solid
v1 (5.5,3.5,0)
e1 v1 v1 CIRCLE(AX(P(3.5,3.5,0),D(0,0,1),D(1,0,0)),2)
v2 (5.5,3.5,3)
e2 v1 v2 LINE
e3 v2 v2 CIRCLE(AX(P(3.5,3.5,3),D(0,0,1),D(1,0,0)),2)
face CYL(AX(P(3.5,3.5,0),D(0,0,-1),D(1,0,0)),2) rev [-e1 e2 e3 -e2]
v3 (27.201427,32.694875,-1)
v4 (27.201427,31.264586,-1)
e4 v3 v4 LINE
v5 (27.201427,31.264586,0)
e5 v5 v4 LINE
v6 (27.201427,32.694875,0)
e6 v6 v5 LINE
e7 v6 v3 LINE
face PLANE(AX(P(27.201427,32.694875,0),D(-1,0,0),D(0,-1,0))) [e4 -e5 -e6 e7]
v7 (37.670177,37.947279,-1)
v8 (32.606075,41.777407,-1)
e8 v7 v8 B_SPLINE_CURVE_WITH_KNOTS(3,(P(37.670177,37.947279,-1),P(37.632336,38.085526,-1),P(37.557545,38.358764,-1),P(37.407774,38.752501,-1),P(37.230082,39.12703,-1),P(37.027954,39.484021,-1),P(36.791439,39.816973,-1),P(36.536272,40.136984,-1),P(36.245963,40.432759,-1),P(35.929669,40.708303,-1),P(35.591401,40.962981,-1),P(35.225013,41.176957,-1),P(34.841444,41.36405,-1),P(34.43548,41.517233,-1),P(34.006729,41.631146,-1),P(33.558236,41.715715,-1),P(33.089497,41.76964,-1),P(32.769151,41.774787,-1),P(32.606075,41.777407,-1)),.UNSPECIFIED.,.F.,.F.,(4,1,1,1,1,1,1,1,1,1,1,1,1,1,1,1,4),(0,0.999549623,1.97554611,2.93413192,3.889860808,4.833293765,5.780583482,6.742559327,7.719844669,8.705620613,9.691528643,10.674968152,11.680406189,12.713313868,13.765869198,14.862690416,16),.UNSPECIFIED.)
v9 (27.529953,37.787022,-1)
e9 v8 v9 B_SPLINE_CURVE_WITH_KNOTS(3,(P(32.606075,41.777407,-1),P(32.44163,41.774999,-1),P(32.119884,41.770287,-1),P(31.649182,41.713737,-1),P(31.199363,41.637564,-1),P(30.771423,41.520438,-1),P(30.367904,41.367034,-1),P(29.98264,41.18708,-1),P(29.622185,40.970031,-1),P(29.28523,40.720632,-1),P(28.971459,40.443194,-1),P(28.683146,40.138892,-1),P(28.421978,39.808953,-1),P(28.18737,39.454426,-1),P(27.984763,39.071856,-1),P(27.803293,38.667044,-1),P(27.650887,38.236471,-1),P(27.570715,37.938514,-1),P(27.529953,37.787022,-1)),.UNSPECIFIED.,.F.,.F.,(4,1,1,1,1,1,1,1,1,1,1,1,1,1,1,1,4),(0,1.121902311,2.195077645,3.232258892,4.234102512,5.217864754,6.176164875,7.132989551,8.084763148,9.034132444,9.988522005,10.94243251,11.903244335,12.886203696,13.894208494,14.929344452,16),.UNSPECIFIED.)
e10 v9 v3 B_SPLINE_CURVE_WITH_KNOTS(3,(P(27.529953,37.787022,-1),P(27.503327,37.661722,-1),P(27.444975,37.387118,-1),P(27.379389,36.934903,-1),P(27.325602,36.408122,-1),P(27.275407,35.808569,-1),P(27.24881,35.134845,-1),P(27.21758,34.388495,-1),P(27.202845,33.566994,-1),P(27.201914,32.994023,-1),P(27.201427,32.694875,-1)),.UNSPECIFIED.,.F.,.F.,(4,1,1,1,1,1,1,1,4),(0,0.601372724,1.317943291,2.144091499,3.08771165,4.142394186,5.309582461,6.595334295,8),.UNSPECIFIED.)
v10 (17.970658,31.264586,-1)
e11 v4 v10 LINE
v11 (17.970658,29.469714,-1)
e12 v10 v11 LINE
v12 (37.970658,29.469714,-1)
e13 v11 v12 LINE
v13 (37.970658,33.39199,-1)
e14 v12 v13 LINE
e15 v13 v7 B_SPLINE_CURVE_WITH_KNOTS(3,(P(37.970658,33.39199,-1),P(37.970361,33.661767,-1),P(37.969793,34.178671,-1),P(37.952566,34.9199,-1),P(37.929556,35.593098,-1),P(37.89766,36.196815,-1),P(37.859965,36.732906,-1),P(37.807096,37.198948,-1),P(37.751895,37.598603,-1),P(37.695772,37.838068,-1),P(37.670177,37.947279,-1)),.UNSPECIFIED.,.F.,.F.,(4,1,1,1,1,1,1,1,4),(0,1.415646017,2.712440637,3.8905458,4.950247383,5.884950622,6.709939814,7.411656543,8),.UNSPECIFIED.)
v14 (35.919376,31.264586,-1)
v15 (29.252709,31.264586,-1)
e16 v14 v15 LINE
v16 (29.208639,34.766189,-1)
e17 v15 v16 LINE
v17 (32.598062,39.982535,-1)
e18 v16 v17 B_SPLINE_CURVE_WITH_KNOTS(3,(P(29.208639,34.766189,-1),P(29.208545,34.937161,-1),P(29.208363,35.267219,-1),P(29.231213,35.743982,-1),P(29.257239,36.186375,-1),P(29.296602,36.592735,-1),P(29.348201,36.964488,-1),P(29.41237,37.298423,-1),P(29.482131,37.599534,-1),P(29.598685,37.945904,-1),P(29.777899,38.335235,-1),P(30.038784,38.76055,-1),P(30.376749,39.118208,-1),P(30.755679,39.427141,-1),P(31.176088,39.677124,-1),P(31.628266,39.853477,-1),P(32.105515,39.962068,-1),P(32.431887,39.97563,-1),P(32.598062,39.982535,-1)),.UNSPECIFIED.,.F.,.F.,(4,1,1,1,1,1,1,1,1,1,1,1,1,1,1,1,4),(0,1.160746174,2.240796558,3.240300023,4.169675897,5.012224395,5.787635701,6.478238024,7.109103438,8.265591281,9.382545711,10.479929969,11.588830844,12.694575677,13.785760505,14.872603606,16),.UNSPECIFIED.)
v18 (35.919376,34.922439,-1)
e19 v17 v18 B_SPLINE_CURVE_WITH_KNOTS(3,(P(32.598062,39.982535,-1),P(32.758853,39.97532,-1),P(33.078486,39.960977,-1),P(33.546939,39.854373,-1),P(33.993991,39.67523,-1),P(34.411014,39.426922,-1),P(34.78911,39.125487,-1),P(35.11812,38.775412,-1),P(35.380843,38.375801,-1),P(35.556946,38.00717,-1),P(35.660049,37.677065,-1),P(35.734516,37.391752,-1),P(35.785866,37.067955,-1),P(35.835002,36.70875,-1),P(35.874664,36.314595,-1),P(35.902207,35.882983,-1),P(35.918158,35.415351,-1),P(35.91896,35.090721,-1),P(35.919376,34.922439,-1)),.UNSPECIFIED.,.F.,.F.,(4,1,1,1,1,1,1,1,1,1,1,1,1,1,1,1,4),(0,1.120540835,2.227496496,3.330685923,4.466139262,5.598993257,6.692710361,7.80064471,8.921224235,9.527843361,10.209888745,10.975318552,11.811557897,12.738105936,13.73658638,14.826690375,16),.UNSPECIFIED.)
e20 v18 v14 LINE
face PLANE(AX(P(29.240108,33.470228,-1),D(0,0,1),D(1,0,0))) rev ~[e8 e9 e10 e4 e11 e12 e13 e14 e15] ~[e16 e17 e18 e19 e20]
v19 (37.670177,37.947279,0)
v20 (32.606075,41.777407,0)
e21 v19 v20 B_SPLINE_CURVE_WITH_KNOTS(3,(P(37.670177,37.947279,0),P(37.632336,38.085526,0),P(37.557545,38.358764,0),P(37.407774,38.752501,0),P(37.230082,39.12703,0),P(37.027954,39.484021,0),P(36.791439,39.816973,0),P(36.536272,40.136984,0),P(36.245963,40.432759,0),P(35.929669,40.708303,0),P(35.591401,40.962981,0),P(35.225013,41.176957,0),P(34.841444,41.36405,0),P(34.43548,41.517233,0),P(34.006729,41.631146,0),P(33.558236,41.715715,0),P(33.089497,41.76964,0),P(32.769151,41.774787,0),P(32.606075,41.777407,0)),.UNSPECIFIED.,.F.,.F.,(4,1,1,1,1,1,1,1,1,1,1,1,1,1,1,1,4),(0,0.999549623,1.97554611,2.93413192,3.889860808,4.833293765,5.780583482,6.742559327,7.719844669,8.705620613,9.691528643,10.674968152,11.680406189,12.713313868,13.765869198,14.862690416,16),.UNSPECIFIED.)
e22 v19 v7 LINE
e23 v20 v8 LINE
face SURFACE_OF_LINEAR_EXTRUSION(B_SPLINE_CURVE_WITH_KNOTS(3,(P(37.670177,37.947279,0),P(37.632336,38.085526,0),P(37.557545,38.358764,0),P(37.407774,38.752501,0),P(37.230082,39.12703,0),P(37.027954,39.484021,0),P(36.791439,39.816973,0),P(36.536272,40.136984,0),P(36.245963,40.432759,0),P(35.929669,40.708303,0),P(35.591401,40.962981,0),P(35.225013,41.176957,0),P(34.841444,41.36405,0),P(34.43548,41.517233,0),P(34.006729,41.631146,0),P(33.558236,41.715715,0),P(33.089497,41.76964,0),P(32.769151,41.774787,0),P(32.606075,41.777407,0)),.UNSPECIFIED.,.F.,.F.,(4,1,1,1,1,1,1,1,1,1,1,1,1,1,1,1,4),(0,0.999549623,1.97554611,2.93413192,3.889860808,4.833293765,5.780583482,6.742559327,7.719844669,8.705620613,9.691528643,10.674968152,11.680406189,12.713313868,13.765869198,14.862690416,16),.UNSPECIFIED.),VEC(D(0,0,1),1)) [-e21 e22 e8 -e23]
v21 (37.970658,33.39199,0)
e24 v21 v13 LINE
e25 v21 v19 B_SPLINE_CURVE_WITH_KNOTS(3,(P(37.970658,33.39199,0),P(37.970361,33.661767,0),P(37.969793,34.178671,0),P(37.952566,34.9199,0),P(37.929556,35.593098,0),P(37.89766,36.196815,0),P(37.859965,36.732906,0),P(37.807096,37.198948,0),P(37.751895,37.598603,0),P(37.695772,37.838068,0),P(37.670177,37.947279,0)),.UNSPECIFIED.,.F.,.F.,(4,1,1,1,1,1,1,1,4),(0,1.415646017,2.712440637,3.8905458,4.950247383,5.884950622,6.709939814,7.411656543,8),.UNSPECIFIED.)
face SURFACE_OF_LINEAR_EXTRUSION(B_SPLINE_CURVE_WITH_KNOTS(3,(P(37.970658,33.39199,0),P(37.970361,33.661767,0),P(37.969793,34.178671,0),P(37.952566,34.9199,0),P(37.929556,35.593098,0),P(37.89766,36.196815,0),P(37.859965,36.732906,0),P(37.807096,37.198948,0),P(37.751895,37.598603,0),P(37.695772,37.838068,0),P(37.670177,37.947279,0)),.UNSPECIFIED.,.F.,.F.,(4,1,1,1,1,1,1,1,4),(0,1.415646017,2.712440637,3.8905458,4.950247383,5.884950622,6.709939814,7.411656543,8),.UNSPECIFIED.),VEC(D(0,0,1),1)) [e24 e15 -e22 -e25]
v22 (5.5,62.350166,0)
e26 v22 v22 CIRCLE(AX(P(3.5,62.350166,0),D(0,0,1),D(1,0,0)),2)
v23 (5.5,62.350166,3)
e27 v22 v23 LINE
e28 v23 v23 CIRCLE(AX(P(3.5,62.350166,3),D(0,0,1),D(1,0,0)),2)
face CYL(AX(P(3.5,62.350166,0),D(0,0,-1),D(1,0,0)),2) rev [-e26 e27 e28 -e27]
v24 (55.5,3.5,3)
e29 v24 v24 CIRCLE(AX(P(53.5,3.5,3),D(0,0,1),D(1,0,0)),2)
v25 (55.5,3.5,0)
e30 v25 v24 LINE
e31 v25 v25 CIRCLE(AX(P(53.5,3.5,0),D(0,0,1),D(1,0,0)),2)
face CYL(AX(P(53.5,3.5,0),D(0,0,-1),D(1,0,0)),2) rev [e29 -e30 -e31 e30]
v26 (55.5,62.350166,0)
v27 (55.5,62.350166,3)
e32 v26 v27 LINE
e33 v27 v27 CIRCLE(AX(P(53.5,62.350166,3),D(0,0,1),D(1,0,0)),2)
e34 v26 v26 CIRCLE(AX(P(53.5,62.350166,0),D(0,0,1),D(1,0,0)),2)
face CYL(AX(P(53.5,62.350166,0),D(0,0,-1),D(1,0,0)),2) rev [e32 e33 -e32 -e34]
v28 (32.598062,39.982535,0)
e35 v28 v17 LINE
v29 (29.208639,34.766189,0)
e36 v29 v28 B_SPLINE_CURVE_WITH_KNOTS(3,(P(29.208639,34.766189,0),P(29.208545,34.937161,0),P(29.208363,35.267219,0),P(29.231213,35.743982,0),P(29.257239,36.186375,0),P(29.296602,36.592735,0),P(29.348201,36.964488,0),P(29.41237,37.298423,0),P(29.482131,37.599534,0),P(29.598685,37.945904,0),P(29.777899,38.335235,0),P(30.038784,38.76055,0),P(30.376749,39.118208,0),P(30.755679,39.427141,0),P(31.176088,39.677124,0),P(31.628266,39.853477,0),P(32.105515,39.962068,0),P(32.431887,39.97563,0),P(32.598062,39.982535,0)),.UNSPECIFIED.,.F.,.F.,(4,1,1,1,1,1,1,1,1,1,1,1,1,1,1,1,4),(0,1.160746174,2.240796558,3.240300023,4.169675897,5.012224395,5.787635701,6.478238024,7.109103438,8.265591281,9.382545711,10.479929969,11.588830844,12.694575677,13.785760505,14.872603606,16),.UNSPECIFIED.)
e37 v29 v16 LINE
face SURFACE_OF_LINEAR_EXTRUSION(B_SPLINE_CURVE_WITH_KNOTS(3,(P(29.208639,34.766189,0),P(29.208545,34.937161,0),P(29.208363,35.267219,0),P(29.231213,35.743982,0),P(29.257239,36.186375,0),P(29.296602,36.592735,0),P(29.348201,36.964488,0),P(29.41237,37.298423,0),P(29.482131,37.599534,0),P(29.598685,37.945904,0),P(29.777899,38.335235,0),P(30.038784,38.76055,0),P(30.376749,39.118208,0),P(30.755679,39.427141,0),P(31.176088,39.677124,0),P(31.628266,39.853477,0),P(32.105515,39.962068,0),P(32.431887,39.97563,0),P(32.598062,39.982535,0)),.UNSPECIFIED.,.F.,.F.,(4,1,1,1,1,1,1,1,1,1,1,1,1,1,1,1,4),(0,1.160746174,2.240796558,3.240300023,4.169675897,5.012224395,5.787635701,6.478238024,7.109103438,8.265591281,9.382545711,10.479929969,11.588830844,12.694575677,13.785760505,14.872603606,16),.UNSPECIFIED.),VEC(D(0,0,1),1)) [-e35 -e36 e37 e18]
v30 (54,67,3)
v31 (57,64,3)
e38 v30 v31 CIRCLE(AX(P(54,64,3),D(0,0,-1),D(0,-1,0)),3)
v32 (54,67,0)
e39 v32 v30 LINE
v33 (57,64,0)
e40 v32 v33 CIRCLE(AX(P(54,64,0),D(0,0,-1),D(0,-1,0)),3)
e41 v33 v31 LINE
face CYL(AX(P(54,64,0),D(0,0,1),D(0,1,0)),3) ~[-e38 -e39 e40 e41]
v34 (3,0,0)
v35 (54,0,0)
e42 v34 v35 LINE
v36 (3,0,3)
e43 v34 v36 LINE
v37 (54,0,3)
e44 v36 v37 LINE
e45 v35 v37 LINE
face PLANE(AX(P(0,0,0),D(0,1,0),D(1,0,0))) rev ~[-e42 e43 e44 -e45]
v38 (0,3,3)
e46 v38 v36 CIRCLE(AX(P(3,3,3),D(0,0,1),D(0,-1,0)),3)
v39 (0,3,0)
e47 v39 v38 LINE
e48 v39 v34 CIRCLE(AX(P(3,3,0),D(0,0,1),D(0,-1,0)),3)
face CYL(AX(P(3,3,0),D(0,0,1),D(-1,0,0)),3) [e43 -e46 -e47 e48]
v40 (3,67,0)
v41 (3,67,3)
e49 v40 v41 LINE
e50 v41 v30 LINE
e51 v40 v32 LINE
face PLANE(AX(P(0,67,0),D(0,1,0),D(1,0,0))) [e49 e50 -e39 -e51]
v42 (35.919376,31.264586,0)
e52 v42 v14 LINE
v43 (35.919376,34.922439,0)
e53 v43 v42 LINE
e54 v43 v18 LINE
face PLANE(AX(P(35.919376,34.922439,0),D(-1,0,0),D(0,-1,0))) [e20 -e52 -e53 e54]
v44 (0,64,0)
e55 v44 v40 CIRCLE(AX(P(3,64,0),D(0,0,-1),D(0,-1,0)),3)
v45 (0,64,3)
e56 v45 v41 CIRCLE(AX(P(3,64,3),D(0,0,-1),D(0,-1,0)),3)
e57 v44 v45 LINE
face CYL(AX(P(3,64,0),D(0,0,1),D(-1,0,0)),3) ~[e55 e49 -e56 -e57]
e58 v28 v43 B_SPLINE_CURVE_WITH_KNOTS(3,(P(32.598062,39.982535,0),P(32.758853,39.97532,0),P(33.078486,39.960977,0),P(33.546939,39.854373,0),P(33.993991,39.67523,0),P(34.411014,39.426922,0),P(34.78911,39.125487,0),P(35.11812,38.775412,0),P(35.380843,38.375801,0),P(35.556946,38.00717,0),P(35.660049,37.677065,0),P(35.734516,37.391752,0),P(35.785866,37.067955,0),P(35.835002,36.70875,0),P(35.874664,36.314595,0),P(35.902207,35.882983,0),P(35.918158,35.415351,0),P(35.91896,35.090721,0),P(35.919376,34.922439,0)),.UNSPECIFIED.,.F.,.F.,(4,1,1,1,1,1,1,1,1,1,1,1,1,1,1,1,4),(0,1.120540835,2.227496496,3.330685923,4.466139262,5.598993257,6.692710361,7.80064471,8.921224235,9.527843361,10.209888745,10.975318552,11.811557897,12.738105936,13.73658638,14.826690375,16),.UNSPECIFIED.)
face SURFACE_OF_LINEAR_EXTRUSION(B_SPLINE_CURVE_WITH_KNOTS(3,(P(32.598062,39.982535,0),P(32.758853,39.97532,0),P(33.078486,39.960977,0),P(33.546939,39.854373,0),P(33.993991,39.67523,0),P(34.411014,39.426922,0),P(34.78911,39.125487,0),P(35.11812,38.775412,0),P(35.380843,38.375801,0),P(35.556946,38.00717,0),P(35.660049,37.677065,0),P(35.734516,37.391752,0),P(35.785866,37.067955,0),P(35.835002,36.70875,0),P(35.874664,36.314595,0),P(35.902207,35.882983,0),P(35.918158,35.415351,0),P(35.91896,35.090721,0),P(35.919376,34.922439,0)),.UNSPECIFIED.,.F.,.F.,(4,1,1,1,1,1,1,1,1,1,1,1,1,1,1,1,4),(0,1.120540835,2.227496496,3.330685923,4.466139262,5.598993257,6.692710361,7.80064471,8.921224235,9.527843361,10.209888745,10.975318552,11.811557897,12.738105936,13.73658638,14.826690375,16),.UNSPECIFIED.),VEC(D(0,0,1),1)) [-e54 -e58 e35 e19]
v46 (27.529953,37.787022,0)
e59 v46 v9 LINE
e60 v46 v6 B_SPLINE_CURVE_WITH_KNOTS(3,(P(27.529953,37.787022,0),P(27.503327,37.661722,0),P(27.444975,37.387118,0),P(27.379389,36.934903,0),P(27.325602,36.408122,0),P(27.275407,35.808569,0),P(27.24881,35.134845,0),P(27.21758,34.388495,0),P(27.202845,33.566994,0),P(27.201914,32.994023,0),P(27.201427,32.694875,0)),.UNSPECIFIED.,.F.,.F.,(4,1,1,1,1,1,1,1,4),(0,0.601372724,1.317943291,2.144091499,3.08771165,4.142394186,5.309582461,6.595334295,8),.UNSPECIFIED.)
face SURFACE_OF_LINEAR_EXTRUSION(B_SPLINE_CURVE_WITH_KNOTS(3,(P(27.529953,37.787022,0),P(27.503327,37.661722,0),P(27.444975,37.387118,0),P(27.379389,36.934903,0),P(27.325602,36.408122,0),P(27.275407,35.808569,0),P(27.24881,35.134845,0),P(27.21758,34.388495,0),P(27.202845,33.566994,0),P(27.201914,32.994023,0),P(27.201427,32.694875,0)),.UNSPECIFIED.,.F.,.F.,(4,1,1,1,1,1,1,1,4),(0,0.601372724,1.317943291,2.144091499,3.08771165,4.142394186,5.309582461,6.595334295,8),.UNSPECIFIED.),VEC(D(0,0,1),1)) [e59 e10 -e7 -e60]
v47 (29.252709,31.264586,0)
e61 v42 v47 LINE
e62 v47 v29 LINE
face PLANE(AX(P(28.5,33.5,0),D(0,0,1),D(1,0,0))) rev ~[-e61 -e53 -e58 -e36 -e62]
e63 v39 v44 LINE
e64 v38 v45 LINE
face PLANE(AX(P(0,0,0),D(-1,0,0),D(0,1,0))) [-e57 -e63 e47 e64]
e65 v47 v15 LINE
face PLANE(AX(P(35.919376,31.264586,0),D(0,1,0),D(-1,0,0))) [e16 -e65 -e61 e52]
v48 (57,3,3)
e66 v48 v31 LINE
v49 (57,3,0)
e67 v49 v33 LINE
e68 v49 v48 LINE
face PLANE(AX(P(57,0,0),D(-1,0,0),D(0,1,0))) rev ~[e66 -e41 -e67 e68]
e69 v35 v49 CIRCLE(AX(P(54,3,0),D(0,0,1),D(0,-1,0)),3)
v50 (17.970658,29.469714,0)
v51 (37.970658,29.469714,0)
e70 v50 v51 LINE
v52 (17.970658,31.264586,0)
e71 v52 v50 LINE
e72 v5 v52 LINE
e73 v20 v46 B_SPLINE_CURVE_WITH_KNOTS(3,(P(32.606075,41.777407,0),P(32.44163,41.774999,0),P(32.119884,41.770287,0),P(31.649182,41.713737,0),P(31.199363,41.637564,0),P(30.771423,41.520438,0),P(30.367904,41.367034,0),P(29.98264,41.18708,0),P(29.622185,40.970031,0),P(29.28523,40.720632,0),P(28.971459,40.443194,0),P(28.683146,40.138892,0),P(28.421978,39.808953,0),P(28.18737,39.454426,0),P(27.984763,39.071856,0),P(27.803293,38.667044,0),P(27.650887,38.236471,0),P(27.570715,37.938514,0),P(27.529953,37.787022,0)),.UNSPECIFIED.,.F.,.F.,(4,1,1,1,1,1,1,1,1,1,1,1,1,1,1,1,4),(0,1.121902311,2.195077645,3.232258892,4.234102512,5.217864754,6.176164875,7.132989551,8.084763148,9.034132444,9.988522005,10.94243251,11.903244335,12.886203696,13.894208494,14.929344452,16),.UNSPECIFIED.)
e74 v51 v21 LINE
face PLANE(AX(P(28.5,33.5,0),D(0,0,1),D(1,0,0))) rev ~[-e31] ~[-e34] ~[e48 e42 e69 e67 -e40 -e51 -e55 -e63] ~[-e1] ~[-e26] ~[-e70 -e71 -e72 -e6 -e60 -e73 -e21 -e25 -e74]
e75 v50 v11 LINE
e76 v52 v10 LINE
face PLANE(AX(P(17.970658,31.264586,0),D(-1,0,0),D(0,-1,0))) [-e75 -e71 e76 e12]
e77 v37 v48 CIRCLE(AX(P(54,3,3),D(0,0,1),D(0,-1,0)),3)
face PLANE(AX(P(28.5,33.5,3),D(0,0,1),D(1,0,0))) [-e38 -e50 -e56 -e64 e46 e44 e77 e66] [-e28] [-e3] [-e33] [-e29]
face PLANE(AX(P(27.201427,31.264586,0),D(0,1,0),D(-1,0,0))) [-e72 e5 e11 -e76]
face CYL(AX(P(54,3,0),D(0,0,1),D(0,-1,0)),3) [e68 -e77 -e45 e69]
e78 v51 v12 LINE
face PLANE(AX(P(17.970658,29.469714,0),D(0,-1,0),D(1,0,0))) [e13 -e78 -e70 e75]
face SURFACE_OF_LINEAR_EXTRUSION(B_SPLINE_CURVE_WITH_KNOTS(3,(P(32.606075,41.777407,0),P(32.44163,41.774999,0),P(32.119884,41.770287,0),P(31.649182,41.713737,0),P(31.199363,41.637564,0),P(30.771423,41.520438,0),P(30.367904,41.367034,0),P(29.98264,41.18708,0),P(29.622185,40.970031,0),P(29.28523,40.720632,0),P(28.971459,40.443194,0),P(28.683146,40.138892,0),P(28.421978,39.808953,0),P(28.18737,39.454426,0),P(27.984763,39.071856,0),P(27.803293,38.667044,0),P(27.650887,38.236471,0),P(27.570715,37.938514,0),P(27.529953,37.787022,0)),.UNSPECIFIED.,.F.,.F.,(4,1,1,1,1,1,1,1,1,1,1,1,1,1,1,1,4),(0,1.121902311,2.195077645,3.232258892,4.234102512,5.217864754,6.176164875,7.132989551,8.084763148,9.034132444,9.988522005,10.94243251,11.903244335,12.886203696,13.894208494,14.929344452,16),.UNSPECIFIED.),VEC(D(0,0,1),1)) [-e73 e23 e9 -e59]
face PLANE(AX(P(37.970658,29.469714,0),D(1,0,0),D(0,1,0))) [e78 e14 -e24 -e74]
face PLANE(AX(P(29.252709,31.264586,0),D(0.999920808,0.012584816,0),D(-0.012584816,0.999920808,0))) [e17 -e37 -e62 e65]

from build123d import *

# Parameters (mm, degrees)
SKICA1_W                = 57
SKICA1_H                = 67
SKICA1_R                = 2
P_IDAT_VYSUNUT_M1_DEPTH = 3
P_IDAT_VYSUNUT_M2_DEPTH = 1
ZAOBLIT1_R              = 3


with BuildPart() as part:
    # Skica1 → Přidat vysunutím1 (new body)
    with BuildSketch(Plane.XY):
        with Locations((28.5, 33.5)):
            Rectangle(SKICA1_W, SKICA1_H)
        with Locations((3.5, 62.35016579)):
            Circle(SKICA1_R, mode=Mode.SUBTRACT)
        with Locations((53.5, 62.35016579)):
            Circle(SKICA1_R, mode=Mode.SUBTRACT)
        with Locations((53.5, 3.5)):
            Circle(SKICA1_R, mode=Mode.SUBTRACT)
        with Locations((3.5, 3.5)):
            Circle(SKICA1_R, mode=Mode.SUBTRACT)
    extrude(amount=P_IDAT_VYSUNUT_M1_DEPTH)

    # Skica2 → Přidat vysunutím2 (add)
    with BuildSketch(Plane(origin=(0, 0, 0), x_dir=(-1, 0, 0), z_dir=(0, 0, -1))):
        with BuildLine():
            Line((-37.970657991, 29.469714485), (-37.970657991, 33.391990126))
            add(Edge.make_bspline(
                [(-37.970657991, 33.391990126), (-37.970361441, 33.661766733), (-37.969793238, 34.178670691), (-37.952566119, 34.919899581), (-37.92955645, 35.593098048), (-37.897659918, 36.19681451), (-37.859965116, 36.732906499), (-37.80709632, 37.198948211), (-37.751894631, 37.598602818), (-37.695772308, 37.838068244), (-37.670177222, 37.947278587)],
                knots=[0, 0, 0, 0, 1.415646017, 2.712440637, 3.8905458, 4.950247383, 5.884950622, 6.709939814, 7.411656543, 8, 8, 8, 8], degree=3))
            add(Edge.make_bspline(
                [(-37.670177222, 37.947278587), (-37.632336028, 38.085526146), (-37.557545321, 38.358763633), (-37.407774038, 38.752501326), (-37.230082137, 39.12702996), (-37.027953627, 39.484021162), (-36.791438809, 39.8169729), (-36.53627201, 40.136984307), (-36.245963268, 40.432759), (-35.929669008, 40.708303209), (-35.591400822, 40.962981078), (-35.22501281, 41.176956538), (-34.841443644, 41.364050016), (-34.435480303, 41.51723294), (-34.006728651, 41.631146127), (-33.558235665, 41.715715192), (-33.089497036, 41.76963955), (-32.769150626, 41.774786619), (-32.606074658, 41.777406793)],
                knots=[0, 0, 0, 0, 0.999549623, 1.97554611, 2.93413192, 3.889860808, 4.833293765, 5.780583482, 6.742559327, 7.719844669, 8.705620613, 9.691528643, 10.674968152, 11.680406189, 12.713313868, 13.765869198, 14.862690416, 16, 16, 16, 16], degree=3))
            add(Edge.make_bspline(
                [(-32.606074658, 41.777406793), (-32.441630219, 41.774998651), (-32.119883568, 41.77028696), (-31.649181921, 41.713736758), (-31.199362549, 41.637564235), (-30.771422832, 41.520438221), (-30.367904143, 41.367034375), (-29.982639961, 41.187079788), (-29.622184693, 40.970031043), (-29.285229735, 40.720632016), (-28.971458808, 40.443194333), (-28.683145696, 40.13889183), (-28.421978048, 39.808953015), (-28.18737037, 39.454426455), (-27.984763059, 39.07185589), (-27.803292745, 38.667043584), (-27.650886684, 38.236470919), (-27.570714904, 37.938513696), (-27.529952863, 37.787022177)],
                knots=[0, 0, 0, 0, 1.121902311, 2.195077645, 3.232258892, 4.234102512, 5.217864754, 6.176164875, 7.132989551, 8.084763148, 9.034132444, 9.988522005, 10.94243251, 11.903244335, 12.886203696, 13.894208494, 14.929344452, 16, 16, 16, 16], degree=3))
            add(Edge.make_bspline(
                [(-27.529952863, 37.787022177), (-27.503327115, 37.661721699), (-27.44497524, 37.387118416), (-27.379389367, 36.934902646), (-27.325601784, 36.408121947), (-27.275406782, 35.808568661), (-27.248809706, 35.134844643), (-27.2175804, 34.388495093), (-27.202844998, 33.566994114), (-27.201913537, 32.994022793), (-27.201427222, 32.694874741)],
                knots=[0, 0, 0, 0, 0.601372724, 1.317943291, 2.144091499, 3.08771165, 4.142394186, 5.309582461, 6.595334295, 8, 8, 8, 8], degree=3))
            Line((-27.201427222, 32.694874741), (-27.201427222, 31.26458628))
            Line((-27.201427222, 31.26458628), (-17.970657991, 31.26458628))
            Line((-17.970657991, 31.26458628), (-17.970657991, 29.469714485))
            Line((-17.970657991, 29.469714485), (-37.970657991, 29.469714485))
        make_face()
        with BuildLine():
            Line((-35.91937594, 31.26458628), (-29.252709273, 31.26458628))
            Line((-29.252709273, 31.26458628), (-29.20863876, 34.766188844))
            add(Edge.make_bspline(
                [(-29.20863876, 34.766188844), (-29.208544615, 34.937161044), (-29.208362868, 35.267219352), (-29.231212915, 35.74398178), (-29.257239208, 36.186374829), (-29.296602466, 36.592734917), (-29.348201463, 36.964487883), (-29.412369977, 37.298422688), (-29.482131358, 37.599533869), (-29.59868532, 37.945903952), (-29.777898997, 38.335235337), (-30.038784485, 38.760550157), (-30.376749174, 39.118208289), (-30.755679044, 39.427140639), (-31.176087647, 39.677123759), (-31.628265809, 39.853476877), (-32.105514558, 39.962067848), (-32.431886932, 39.97562982), (-32.598061837, 39.982534998)],
                knots=[0, 0, 0, 0, 1.160746174, 2.240796558, 3.240300023, 4.169675897, 5.012224395, 5.787635701, 6.478238024, 7.109103438, 8.265591281, 9.382545711, 10.479929969, 11.588830844, 12.694575677, 13.785760505, 14.872603606, 16, 16, 16, 16], degree=3))
            add(Edge.make_bspline(
                [(-32.598061837, 39.982534998), (-32.758853186, 39.975319803), (-33.078486486, 39.96097689), (-33.546938864, 39.854373012), (-33.99399119, 39.675230054), (-34.411014182, 39.42692209), (-34.789110253, 39.125487049), (-35.118120247, 38.775412024), (-35.380842639, 38.375801415), (-35.556946227, 38.007170082), (-35.66004866, 37.677065259), (-35.734515791, 37.39175206), (-35.785866012, 37.067954947), (-35.835001767, 36.708750483), (-35.874664128, 36.314594731), (-35.902207185, 35.882982532), (-35.918157543, 35.415351195), (-35.918959975, 35.090720886), (-35.91937594, 34.922438844)],
                knots=[0, 0, 0, 0, 1.120540835, 2.227496496, 3.330685923, 4.466139262, 5.598993257, 6.692710361, 7.80064471, 8.921224235, 9.527843361, 10.209888745, 10.975318552, 11.811557897, 12.738105936, 13.73658638, 14.826690375, 16, 16, 16, 16], degree=3))
            Line((-35.91937594, 34.922438844), (-35.91937594, 31.26458628))
        make_face(mode=Mode.SUBTRACT)
    extrude(amount=P_IDAT_VYSUNUT_M2_DEPTH)

    # Zaoblit1
    zaoblit1_edges = [part.edges().sort_by_distance(p)[0] for p in [
        (0, 67, 1.5),
        (57, 67, 1.5),
        (57, 0, 1.5),
        (0, 0, 1.5),
    ]]
    fillet(zaoblit1_edges, radius=ZAOBLIT1_R)


solid = part.part
